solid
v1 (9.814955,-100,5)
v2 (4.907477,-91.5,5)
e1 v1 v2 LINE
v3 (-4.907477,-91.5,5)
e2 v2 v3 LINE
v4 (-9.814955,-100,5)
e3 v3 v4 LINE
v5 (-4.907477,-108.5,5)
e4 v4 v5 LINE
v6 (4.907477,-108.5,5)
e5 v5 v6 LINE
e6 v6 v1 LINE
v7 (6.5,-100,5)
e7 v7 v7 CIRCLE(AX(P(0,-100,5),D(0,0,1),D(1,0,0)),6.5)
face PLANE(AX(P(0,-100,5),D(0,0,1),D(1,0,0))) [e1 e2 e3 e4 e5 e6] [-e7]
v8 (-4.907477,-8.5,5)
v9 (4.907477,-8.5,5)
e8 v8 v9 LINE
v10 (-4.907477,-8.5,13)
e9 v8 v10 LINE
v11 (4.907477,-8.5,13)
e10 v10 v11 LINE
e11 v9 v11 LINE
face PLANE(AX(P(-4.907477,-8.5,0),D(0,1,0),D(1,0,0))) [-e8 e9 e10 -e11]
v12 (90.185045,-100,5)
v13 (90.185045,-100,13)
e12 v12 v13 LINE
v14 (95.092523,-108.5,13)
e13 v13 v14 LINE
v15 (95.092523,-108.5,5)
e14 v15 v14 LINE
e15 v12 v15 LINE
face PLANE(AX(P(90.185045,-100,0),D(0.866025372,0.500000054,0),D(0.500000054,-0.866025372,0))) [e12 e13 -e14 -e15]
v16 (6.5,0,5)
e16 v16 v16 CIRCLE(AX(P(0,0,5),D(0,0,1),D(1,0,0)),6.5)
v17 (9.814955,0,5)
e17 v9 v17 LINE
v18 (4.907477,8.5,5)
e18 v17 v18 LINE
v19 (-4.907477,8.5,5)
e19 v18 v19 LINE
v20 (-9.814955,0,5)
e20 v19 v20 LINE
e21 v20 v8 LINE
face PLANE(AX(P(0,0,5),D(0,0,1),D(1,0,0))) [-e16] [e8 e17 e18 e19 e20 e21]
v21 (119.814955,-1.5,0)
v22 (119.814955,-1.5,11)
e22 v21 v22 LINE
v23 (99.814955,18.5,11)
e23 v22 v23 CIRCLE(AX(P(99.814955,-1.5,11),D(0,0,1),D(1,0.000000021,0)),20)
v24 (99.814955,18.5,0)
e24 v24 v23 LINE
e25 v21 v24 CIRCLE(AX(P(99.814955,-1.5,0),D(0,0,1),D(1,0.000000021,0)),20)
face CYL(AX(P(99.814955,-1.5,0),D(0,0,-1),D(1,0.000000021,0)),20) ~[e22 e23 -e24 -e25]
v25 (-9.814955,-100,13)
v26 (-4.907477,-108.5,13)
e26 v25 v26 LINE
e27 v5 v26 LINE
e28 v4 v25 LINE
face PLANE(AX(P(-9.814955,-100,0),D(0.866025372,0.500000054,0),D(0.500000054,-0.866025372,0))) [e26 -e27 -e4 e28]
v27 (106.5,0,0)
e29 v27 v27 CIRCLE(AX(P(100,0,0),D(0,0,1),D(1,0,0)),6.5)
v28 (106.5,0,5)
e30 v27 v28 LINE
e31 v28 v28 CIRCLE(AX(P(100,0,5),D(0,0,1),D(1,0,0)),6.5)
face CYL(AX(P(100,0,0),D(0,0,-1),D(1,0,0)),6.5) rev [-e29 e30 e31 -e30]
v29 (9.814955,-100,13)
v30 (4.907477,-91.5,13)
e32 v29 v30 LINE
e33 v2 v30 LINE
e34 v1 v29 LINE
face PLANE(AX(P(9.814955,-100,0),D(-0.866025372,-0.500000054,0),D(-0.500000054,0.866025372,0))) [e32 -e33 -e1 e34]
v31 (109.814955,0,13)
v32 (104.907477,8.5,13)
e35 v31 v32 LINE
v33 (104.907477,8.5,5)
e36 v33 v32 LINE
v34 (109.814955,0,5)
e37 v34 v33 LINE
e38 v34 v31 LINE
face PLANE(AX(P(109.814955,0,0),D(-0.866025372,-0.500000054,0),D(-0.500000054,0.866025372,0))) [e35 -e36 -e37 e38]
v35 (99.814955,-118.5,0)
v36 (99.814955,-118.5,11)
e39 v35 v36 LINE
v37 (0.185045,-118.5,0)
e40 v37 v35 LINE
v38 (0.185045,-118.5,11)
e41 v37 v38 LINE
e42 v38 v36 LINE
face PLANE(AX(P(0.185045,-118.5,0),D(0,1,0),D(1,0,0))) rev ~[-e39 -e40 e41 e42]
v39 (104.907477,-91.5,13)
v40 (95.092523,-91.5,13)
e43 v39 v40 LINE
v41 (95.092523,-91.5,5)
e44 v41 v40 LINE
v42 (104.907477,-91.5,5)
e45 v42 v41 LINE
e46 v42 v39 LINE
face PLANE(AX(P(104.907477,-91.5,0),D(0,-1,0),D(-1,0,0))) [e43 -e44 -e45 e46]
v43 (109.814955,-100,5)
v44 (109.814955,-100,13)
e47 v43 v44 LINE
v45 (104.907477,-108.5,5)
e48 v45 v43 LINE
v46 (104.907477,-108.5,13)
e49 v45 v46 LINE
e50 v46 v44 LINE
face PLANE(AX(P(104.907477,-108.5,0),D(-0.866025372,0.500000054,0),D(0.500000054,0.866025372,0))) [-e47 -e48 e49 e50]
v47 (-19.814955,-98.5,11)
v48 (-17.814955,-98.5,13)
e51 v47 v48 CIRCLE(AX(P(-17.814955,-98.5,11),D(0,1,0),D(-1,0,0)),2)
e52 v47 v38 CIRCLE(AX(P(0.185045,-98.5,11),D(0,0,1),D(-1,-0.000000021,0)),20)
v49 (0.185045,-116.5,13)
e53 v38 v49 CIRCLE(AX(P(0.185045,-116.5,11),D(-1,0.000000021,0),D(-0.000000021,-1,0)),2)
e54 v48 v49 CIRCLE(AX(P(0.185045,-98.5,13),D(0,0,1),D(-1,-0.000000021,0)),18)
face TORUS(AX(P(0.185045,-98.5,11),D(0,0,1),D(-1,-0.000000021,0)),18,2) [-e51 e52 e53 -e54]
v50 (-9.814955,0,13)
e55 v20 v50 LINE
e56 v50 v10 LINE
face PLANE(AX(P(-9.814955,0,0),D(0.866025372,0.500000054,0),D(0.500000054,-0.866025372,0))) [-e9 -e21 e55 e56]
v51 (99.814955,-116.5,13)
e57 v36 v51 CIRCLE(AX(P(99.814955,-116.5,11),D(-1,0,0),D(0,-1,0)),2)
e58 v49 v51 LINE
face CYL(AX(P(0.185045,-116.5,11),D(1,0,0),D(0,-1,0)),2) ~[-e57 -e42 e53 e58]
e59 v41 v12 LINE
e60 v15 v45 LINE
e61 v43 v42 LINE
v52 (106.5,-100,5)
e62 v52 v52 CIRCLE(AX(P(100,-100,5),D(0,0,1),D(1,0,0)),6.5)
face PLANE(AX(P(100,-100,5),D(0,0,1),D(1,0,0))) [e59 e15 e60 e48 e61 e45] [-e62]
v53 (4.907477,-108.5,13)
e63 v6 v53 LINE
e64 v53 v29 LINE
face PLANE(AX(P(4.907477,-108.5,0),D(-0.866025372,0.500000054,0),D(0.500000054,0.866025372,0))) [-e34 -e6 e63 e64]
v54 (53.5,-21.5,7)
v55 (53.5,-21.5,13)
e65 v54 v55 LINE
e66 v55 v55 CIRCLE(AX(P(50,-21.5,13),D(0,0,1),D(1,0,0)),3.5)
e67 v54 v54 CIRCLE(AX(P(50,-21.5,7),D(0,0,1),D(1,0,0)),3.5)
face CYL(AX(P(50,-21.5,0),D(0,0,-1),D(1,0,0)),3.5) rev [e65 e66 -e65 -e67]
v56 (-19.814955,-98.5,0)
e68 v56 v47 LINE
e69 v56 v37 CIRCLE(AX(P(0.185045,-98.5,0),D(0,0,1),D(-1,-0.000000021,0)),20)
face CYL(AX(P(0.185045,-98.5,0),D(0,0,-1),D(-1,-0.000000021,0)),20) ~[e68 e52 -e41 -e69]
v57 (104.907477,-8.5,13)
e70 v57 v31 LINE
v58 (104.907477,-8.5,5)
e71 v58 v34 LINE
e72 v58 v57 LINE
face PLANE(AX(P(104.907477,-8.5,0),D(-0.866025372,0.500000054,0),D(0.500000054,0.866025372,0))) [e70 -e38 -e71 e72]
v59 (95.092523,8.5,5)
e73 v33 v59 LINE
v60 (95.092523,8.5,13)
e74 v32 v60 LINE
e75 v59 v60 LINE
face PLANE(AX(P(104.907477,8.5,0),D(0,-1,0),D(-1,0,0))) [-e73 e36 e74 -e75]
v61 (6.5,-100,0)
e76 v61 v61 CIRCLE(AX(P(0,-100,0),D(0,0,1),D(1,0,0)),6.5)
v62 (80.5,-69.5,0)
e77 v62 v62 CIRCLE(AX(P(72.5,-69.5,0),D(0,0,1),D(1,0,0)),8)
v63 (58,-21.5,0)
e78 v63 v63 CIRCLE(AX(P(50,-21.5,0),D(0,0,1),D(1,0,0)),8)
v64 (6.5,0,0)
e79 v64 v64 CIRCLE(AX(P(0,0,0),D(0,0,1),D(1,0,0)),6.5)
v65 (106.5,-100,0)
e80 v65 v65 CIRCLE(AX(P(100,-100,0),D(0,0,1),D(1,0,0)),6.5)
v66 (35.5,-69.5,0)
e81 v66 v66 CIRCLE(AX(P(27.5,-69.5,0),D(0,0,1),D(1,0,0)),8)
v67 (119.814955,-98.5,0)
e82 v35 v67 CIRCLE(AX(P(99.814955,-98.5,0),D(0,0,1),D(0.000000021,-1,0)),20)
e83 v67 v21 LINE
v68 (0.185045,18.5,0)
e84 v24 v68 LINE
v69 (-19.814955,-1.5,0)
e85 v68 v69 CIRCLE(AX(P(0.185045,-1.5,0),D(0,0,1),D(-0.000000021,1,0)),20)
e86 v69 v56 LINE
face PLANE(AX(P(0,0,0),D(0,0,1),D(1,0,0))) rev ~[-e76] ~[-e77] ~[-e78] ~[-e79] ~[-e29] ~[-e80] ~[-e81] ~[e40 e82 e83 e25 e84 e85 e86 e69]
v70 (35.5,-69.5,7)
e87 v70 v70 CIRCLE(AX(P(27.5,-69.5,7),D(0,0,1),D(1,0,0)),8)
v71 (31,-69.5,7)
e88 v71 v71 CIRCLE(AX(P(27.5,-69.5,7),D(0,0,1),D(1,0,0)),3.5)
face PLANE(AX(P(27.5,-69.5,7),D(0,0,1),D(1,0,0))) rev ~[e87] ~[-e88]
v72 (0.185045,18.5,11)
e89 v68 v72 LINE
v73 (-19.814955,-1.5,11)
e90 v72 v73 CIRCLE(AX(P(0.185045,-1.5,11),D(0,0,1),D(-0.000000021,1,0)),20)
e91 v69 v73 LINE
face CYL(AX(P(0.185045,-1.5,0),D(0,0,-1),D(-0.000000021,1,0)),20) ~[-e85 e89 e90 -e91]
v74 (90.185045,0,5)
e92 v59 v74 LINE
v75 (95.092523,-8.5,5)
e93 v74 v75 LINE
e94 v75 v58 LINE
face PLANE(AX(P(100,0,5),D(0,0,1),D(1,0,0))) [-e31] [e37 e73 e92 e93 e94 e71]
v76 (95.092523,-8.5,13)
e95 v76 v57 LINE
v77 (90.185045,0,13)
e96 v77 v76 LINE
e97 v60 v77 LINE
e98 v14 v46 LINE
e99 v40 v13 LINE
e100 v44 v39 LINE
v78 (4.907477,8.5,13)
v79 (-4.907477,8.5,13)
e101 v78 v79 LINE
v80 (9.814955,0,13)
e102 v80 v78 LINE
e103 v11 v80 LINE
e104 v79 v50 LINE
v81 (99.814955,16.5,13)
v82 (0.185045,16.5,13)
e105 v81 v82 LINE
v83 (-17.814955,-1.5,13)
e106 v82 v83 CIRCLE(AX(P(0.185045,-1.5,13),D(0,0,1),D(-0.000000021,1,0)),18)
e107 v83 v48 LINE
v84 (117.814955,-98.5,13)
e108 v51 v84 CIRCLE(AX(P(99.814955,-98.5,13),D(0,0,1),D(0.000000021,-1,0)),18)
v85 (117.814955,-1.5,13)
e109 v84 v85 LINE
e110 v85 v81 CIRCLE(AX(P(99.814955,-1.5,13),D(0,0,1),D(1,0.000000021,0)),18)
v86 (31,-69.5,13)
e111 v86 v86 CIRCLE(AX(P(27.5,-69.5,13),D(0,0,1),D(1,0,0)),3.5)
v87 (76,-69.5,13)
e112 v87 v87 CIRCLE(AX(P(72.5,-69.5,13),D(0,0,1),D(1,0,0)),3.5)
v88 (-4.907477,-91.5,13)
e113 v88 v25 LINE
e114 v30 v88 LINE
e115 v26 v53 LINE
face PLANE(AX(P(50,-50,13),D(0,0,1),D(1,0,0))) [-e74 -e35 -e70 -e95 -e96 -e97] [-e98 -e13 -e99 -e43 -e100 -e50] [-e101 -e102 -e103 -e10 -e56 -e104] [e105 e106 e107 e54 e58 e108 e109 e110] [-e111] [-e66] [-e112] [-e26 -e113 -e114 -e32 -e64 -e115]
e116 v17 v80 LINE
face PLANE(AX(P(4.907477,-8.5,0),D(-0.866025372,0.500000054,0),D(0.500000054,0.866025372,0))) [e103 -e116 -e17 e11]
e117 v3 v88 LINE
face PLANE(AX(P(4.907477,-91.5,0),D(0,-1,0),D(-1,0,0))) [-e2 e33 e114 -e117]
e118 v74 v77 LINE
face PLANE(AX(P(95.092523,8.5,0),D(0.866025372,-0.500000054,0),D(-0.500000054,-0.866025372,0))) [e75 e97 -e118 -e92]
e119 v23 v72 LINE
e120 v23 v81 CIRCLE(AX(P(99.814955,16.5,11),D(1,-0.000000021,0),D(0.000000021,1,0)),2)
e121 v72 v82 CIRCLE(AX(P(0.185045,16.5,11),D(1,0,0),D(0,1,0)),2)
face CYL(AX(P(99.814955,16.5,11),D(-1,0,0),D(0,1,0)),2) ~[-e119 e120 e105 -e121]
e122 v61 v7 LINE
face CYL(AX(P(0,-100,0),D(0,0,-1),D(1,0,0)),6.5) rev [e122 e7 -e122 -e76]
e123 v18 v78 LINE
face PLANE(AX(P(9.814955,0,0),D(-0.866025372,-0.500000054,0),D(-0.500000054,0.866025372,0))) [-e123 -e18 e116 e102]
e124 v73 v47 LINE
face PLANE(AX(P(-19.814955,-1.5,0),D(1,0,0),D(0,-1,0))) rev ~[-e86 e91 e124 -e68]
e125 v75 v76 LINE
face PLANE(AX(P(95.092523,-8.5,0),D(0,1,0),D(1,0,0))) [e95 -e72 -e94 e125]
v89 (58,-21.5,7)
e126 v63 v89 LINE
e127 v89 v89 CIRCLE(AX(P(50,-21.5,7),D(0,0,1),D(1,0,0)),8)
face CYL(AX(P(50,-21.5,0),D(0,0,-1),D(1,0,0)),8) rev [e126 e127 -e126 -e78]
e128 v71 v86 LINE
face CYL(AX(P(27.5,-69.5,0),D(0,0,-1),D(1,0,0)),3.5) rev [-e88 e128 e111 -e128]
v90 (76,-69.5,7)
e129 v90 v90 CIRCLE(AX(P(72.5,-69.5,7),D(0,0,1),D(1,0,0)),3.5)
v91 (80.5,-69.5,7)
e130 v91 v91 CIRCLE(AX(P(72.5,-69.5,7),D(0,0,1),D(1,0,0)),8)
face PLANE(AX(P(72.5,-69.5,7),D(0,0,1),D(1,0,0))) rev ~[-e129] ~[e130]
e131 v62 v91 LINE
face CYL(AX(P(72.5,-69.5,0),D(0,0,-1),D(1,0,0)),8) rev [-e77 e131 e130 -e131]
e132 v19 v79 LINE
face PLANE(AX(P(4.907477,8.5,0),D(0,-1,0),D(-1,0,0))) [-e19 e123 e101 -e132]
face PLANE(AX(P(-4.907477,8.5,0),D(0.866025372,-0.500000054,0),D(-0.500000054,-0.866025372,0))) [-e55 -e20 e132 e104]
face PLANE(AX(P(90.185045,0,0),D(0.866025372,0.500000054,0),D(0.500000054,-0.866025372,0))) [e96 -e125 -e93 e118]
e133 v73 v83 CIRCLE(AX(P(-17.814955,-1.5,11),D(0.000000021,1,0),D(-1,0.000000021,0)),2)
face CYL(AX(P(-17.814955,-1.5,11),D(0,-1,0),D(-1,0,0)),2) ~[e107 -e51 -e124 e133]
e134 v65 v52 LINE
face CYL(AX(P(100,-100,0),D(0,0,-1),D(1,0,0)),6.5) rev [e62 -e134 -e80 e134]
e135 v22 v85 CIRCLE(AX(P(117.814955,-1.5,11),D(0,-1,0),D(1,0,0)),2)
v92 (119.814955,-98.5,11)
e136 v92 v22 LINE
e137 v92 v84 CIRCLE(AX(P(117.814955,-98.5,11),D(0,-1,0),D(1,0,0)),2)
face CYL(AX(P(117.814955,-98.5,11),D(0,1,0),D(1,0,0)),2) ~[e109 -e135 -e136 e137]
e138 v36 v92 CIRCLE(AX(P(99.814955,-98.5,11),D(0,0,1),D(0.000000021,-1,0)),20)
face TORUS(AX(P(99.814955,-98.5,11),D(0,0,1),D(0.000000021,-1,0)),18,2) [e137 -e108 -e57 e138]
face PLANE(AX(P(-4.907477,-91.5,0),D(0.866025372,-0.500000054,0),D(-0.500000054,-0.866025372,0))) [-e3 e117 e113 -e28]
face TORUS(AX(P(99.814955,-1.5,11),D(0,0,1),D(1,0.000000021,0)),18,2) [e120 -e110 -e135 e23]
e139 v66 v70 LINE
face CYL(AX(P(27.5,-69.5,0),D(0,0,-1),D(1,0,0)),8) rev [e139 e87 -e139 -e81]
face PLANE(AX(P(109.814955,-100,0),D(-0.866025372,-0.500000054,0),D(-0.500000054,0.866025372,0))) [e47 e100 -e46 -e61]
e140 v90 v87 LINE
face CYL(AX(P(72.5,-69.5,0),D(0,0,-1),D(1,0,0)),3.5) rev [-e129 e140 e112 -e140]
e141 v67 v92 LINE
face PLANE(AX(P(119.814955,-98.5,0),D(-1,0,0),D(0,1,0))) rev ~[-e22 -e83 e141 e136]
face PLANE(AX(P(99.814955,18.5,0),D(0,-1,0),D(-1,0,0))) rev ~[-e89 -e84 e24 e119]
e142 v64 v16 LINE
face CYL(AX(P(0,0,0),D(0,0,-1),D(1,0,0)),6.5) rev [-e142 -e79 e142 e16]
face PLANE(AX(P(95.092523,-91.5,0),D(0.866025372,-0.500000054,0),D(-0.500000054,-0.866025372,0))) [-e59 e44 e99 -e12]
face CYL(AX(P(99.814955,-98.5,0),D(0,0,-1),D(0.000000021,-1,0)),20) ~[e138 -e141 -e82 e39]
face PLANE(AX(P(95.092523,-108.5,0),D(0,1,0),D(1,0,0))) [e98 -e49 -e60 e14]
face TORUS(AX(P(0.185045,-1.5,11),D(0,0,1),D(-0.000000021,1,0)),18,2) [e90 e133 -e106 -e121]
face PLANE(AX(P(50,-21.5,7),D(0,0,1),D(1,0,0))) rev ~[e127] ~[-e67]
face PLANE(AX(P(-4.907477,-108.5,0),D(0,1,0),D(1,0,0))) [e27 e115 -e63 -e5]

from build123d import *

# Parameters (mm, degrees)
F0_R     = 8
F0_R_2   = 6.5
F0_R_3   = 3.5
F1_DEPTH = 13
F2_DEPTH = 13
F3_DEPTH = 7
F4_DEPTH = 13
F5_DEPTH = 5
F6_DEPTH = 5
F7_R     = 2


with BuildPart() as f1:
    # F0 (on Top) → F1 (new body)
    with BuildSketch(Plane.XY):
        with BuildLine():
            Line((99.814955, 18.5), (0.185045, 18.5))
            ThreePointArc((0.185045, 18.5), (-13.95709, 12.642136), (-19.814955, -1.5))
            Line((-19.814955, -1.5), (-19.814955, -98.5))
            ThreePointArc((-19.814955, -98.5), (-13.95709, -112.642136), (0.185045, -118.5))
            Line((0.185045, -118.5), (99.814955, -118.5))
            ThreePointArc((99.814955, -118.5), (113.95709, -112.642136), (119.814955, -98.5))
            Line((119.814955, -98.5), (119.814955, -1.5))
            ThreePointArc((119.814955, -1.5), (113.95709, 12.642136), (99.814955, 18.5))
        make_face()
        Polygon((9.814955, -100), (4.907477, -108.5), (-4.907477, -108.5), (-9.814955, -100), (-4.907477, -91.5), (4.907477, -91.5), align=None, mode=Mode.SUBTRACT)
        with Locations((27.5, -69.5)):
            Circle(F0_R, mode=Mode.SUBTRACT)
        Polygon((109.814955, -100), (104.907477, -108.5), (95.092523, -108.5), (90.185045, -100), (95.092523, -91.5), (104.907477, -91.5), align=None, mode=Mode.SUBTRACT)
        with Locations((72.5, -69.5)):
            Circle(F0_R, mode=Mode.SUBTRACT)
        with Locations((50, -21.5)):
            Circle(F0_R, mode=Mode.SUBTRACT)
        Polygon((9.814955, 0), (4.907477, -8.5), (-4.907477, -8.5), (-9.814955, 0), (-4.907477, 8.5), (4.907477, 8.5), align=None, mode=Mode.SUBTRACT)
        Polygon((109.814955, 0), (104.907477, -8.5), (95.092523, -8.5), (90.185045, 0), (95.092523, 8.5), (104.907477, 8.5), align=None, mode=Mode.SUBTRACT)
        Polygon((-4.907477, -8.5), (4.907477, -8.5), (9.814955, 0), (4.907477, 8.5), (-4.907477, 8.5), (-9.814955, 0), align=None)
        Circle(F0_R_2, mode=Mode.SUBTRACT)
        with Locations((50, -21.5)):
            Circle(F0_R)
        with Locations((50, -21.5)):
            Circle(F0_R_3, mode=Mode.SUBTRACT)
        with Locations((50, -21.5)):
            Circle(F0_R_3)
        Polygon((95.092523, -8.5), (104.907477, -8.5), (109.814955, 0), (104.907477, 8.5), (95.092523, 8.5), (90.185045, 0), align=None)
        with Locations((100, 0)):
            Circle(F0_R_2, mode=Mode.SUBTRACT)
        with Locations((72.5, -69.5)):
            Circle(F0_R)
        with Locations((72.5, -69.5)):
            Circle(F0_R_3, mode=Mode.SUBTRACT)
        with Locations((72.5, -69.5)):
            Circle(F0_R_3)
        with Locations((27.5, -69.5)):
            Circle(F0_R)
        with Locations((27.5, -69.5)):
            Circle(F0_R_3, mode=Mode.SUBTRACT)
        with Locations((27.5, -69.5)):
            Circle(F0_R_3)
        Polygon((-4.907477, -108.5), (4.907477, -108.5), (9.814955, -100), (4.907477, -91.5), (-4.907477, -91.5), (-9.814955, -100), align=None)
        with Locations((0, -100)):
            Circle(F0_R_2, mode=Mode.SUBTRACT)
        Polygon((95.092523, -108.5), (104.907477, -108.5), (109.814955, -100), (104.907477, -91.5), (95.092523, -91.5), (90.185045, -100), align=None)
        with Locations((100, -100)):
            Circle(F0_R_2, mode=Mode.SUBTRACT)
    extrude(amount=F1_DEPTH)

    # F0 (on Top) → F2 (cut, through all)
    with BuildSketch(Plane.XY):
        Polygon((-4.907477, -8.5), (4.907477, -8.5), (9.814955, 0), (4.907477, 8.5), (-4.907477, 8.5), (-9.814955, 0), align=None)
        Circle(F0_R_2, mode=Mode.SUBTRACT)
        Polygon((95.092523, -108.5), (104.907477, -108.5), (109.814955, -100), (104.907477, -91.5), (95.092523, -91.5), (90.185045, -100), align=None)
        with Locations((100, -100)):
            Circle(F0_R_2, mode=Mode.SUBTRACT)
        Polygon((-4.907477, -108.5), (4.907477, -108.5), (9.814955, -100), (4.907477, -91.5), (-4.907477, -91.5), (-9.814955, -100), align=None)
        with Locations((0, -100)):
            Circle(F0_R_2, mode=Mode.SUBTRACT)
        Polygon((95.092523, -8.5), (104.907477, -8.5), (109.814955, 0), (104.907477, 8.5), (95.092523, 8.5), (90.185045, 0), align=None)
        with Locations((100, 0)):
            Circle(F0_R_2, mode=Mode.SUBTRACT)
    extrude(amount=F2_DEPTH, mode=Mode.SUBTRACT)

    # F0 (on Top) → F3 (cut)
    with BuildSketch(Plane.XY):
        with Locations((72.5, -69.5)):
            Circle(F0_R)
        with Locations((72.5, -69.5)):
            Circle(F0_R_3, mode=Mode.SUBTRACT)
        with Locations((27.5, -69.5)):
            Circle(F0_R)
        with Locations((27.5, -69.5)):
            Circle(F0_R_3, mode=Mode.SUBTRACT)
        with Locations((50, -21.5)):
            Circle(F0_R)
        with Locations((50, -21.5)):
            Circle(F0_R_3, mode=Mode.SUBTRACT)
    extrude(amount=F3_DEPTH, mode=Mode.SUBTRACT)

    # F0 (on Top) → F4 (cut, through all)
    with BuildSketch(Plane.XY):
        with Locations((27.5, -69.5)):
            Circle(F0_R_3)
        with Locations((72.5, -69.5)):
            Circle(F0_R_3)
        with Locations((50, -21.5)):
            Circle(F0_R_3)
    extrude(amount=F4_DEPTH, mode=Mode.SUBTRACT)

    # F0 (on Top) → F5 (join)
    with BuildSketch(Plane.XY):
        Polygon((-4.907477, -8.5), (4.907477, -8.5), (9.814955, 0), (4.907477, 8.5), (-4.907477, 8.5), (-9.814955, 0), align=None)
        Circle(F0_R_2, mode=Mode.SUBTRACT)
        Polygon((95.092523, -8.5), (104.907477, -8.5), (109.814955, 0), (104.907477, 8.5), (95.092523, 8.5), (90.185045, 0), align=None)
        with Locations((100, 0)):
            Circle(F0_R_2, mode=Mode.SUBTRACT)
        Polygon((95.092523, -108.5), (104.907477, -108.5), (109.814955, -100), (104.907477, -91.5), (95.092523, -91.5), (90.185045, -100), align=None)
        with Locations((100, -100)):
            Circle(F0_R_2, mode=Mode.SUBTRACT)
        Polygon((-4.907477, -108.5), (4.907477, -108.5), (9.814955, -100), (4.907477, -91.5), (-4.907477, -91.5), (-9.814955, -100), align=None)
        with Locations((0, -100)):
            Circle(F0_R_2, mode=Mode.SUBTRACT)
    extrude(amount=F5_DEPTH)

    # F0 (on Top) → F6 (cut, through all)
    with BuildSketch(Plane.XY):
        Circle(F0_R_2)
        with Locations((100, 0)):
            Circle(F0_R_2)
        with Locations((100, -100)):
            Circle(F0_R_2)
        with Locations((0, -100)):
            Circle(F0_R_2)
    extrude(amount=F6_DEPTH, mode=Mode.SUBTRACT)

    # F7
    f7_edges = [f1.edges().sort_by_distance(p)[0] for p in [
        (119.814955, -50, 13),
    ]]
    fillet(f7_edges, radius=F7_R)


solid = f1.part
